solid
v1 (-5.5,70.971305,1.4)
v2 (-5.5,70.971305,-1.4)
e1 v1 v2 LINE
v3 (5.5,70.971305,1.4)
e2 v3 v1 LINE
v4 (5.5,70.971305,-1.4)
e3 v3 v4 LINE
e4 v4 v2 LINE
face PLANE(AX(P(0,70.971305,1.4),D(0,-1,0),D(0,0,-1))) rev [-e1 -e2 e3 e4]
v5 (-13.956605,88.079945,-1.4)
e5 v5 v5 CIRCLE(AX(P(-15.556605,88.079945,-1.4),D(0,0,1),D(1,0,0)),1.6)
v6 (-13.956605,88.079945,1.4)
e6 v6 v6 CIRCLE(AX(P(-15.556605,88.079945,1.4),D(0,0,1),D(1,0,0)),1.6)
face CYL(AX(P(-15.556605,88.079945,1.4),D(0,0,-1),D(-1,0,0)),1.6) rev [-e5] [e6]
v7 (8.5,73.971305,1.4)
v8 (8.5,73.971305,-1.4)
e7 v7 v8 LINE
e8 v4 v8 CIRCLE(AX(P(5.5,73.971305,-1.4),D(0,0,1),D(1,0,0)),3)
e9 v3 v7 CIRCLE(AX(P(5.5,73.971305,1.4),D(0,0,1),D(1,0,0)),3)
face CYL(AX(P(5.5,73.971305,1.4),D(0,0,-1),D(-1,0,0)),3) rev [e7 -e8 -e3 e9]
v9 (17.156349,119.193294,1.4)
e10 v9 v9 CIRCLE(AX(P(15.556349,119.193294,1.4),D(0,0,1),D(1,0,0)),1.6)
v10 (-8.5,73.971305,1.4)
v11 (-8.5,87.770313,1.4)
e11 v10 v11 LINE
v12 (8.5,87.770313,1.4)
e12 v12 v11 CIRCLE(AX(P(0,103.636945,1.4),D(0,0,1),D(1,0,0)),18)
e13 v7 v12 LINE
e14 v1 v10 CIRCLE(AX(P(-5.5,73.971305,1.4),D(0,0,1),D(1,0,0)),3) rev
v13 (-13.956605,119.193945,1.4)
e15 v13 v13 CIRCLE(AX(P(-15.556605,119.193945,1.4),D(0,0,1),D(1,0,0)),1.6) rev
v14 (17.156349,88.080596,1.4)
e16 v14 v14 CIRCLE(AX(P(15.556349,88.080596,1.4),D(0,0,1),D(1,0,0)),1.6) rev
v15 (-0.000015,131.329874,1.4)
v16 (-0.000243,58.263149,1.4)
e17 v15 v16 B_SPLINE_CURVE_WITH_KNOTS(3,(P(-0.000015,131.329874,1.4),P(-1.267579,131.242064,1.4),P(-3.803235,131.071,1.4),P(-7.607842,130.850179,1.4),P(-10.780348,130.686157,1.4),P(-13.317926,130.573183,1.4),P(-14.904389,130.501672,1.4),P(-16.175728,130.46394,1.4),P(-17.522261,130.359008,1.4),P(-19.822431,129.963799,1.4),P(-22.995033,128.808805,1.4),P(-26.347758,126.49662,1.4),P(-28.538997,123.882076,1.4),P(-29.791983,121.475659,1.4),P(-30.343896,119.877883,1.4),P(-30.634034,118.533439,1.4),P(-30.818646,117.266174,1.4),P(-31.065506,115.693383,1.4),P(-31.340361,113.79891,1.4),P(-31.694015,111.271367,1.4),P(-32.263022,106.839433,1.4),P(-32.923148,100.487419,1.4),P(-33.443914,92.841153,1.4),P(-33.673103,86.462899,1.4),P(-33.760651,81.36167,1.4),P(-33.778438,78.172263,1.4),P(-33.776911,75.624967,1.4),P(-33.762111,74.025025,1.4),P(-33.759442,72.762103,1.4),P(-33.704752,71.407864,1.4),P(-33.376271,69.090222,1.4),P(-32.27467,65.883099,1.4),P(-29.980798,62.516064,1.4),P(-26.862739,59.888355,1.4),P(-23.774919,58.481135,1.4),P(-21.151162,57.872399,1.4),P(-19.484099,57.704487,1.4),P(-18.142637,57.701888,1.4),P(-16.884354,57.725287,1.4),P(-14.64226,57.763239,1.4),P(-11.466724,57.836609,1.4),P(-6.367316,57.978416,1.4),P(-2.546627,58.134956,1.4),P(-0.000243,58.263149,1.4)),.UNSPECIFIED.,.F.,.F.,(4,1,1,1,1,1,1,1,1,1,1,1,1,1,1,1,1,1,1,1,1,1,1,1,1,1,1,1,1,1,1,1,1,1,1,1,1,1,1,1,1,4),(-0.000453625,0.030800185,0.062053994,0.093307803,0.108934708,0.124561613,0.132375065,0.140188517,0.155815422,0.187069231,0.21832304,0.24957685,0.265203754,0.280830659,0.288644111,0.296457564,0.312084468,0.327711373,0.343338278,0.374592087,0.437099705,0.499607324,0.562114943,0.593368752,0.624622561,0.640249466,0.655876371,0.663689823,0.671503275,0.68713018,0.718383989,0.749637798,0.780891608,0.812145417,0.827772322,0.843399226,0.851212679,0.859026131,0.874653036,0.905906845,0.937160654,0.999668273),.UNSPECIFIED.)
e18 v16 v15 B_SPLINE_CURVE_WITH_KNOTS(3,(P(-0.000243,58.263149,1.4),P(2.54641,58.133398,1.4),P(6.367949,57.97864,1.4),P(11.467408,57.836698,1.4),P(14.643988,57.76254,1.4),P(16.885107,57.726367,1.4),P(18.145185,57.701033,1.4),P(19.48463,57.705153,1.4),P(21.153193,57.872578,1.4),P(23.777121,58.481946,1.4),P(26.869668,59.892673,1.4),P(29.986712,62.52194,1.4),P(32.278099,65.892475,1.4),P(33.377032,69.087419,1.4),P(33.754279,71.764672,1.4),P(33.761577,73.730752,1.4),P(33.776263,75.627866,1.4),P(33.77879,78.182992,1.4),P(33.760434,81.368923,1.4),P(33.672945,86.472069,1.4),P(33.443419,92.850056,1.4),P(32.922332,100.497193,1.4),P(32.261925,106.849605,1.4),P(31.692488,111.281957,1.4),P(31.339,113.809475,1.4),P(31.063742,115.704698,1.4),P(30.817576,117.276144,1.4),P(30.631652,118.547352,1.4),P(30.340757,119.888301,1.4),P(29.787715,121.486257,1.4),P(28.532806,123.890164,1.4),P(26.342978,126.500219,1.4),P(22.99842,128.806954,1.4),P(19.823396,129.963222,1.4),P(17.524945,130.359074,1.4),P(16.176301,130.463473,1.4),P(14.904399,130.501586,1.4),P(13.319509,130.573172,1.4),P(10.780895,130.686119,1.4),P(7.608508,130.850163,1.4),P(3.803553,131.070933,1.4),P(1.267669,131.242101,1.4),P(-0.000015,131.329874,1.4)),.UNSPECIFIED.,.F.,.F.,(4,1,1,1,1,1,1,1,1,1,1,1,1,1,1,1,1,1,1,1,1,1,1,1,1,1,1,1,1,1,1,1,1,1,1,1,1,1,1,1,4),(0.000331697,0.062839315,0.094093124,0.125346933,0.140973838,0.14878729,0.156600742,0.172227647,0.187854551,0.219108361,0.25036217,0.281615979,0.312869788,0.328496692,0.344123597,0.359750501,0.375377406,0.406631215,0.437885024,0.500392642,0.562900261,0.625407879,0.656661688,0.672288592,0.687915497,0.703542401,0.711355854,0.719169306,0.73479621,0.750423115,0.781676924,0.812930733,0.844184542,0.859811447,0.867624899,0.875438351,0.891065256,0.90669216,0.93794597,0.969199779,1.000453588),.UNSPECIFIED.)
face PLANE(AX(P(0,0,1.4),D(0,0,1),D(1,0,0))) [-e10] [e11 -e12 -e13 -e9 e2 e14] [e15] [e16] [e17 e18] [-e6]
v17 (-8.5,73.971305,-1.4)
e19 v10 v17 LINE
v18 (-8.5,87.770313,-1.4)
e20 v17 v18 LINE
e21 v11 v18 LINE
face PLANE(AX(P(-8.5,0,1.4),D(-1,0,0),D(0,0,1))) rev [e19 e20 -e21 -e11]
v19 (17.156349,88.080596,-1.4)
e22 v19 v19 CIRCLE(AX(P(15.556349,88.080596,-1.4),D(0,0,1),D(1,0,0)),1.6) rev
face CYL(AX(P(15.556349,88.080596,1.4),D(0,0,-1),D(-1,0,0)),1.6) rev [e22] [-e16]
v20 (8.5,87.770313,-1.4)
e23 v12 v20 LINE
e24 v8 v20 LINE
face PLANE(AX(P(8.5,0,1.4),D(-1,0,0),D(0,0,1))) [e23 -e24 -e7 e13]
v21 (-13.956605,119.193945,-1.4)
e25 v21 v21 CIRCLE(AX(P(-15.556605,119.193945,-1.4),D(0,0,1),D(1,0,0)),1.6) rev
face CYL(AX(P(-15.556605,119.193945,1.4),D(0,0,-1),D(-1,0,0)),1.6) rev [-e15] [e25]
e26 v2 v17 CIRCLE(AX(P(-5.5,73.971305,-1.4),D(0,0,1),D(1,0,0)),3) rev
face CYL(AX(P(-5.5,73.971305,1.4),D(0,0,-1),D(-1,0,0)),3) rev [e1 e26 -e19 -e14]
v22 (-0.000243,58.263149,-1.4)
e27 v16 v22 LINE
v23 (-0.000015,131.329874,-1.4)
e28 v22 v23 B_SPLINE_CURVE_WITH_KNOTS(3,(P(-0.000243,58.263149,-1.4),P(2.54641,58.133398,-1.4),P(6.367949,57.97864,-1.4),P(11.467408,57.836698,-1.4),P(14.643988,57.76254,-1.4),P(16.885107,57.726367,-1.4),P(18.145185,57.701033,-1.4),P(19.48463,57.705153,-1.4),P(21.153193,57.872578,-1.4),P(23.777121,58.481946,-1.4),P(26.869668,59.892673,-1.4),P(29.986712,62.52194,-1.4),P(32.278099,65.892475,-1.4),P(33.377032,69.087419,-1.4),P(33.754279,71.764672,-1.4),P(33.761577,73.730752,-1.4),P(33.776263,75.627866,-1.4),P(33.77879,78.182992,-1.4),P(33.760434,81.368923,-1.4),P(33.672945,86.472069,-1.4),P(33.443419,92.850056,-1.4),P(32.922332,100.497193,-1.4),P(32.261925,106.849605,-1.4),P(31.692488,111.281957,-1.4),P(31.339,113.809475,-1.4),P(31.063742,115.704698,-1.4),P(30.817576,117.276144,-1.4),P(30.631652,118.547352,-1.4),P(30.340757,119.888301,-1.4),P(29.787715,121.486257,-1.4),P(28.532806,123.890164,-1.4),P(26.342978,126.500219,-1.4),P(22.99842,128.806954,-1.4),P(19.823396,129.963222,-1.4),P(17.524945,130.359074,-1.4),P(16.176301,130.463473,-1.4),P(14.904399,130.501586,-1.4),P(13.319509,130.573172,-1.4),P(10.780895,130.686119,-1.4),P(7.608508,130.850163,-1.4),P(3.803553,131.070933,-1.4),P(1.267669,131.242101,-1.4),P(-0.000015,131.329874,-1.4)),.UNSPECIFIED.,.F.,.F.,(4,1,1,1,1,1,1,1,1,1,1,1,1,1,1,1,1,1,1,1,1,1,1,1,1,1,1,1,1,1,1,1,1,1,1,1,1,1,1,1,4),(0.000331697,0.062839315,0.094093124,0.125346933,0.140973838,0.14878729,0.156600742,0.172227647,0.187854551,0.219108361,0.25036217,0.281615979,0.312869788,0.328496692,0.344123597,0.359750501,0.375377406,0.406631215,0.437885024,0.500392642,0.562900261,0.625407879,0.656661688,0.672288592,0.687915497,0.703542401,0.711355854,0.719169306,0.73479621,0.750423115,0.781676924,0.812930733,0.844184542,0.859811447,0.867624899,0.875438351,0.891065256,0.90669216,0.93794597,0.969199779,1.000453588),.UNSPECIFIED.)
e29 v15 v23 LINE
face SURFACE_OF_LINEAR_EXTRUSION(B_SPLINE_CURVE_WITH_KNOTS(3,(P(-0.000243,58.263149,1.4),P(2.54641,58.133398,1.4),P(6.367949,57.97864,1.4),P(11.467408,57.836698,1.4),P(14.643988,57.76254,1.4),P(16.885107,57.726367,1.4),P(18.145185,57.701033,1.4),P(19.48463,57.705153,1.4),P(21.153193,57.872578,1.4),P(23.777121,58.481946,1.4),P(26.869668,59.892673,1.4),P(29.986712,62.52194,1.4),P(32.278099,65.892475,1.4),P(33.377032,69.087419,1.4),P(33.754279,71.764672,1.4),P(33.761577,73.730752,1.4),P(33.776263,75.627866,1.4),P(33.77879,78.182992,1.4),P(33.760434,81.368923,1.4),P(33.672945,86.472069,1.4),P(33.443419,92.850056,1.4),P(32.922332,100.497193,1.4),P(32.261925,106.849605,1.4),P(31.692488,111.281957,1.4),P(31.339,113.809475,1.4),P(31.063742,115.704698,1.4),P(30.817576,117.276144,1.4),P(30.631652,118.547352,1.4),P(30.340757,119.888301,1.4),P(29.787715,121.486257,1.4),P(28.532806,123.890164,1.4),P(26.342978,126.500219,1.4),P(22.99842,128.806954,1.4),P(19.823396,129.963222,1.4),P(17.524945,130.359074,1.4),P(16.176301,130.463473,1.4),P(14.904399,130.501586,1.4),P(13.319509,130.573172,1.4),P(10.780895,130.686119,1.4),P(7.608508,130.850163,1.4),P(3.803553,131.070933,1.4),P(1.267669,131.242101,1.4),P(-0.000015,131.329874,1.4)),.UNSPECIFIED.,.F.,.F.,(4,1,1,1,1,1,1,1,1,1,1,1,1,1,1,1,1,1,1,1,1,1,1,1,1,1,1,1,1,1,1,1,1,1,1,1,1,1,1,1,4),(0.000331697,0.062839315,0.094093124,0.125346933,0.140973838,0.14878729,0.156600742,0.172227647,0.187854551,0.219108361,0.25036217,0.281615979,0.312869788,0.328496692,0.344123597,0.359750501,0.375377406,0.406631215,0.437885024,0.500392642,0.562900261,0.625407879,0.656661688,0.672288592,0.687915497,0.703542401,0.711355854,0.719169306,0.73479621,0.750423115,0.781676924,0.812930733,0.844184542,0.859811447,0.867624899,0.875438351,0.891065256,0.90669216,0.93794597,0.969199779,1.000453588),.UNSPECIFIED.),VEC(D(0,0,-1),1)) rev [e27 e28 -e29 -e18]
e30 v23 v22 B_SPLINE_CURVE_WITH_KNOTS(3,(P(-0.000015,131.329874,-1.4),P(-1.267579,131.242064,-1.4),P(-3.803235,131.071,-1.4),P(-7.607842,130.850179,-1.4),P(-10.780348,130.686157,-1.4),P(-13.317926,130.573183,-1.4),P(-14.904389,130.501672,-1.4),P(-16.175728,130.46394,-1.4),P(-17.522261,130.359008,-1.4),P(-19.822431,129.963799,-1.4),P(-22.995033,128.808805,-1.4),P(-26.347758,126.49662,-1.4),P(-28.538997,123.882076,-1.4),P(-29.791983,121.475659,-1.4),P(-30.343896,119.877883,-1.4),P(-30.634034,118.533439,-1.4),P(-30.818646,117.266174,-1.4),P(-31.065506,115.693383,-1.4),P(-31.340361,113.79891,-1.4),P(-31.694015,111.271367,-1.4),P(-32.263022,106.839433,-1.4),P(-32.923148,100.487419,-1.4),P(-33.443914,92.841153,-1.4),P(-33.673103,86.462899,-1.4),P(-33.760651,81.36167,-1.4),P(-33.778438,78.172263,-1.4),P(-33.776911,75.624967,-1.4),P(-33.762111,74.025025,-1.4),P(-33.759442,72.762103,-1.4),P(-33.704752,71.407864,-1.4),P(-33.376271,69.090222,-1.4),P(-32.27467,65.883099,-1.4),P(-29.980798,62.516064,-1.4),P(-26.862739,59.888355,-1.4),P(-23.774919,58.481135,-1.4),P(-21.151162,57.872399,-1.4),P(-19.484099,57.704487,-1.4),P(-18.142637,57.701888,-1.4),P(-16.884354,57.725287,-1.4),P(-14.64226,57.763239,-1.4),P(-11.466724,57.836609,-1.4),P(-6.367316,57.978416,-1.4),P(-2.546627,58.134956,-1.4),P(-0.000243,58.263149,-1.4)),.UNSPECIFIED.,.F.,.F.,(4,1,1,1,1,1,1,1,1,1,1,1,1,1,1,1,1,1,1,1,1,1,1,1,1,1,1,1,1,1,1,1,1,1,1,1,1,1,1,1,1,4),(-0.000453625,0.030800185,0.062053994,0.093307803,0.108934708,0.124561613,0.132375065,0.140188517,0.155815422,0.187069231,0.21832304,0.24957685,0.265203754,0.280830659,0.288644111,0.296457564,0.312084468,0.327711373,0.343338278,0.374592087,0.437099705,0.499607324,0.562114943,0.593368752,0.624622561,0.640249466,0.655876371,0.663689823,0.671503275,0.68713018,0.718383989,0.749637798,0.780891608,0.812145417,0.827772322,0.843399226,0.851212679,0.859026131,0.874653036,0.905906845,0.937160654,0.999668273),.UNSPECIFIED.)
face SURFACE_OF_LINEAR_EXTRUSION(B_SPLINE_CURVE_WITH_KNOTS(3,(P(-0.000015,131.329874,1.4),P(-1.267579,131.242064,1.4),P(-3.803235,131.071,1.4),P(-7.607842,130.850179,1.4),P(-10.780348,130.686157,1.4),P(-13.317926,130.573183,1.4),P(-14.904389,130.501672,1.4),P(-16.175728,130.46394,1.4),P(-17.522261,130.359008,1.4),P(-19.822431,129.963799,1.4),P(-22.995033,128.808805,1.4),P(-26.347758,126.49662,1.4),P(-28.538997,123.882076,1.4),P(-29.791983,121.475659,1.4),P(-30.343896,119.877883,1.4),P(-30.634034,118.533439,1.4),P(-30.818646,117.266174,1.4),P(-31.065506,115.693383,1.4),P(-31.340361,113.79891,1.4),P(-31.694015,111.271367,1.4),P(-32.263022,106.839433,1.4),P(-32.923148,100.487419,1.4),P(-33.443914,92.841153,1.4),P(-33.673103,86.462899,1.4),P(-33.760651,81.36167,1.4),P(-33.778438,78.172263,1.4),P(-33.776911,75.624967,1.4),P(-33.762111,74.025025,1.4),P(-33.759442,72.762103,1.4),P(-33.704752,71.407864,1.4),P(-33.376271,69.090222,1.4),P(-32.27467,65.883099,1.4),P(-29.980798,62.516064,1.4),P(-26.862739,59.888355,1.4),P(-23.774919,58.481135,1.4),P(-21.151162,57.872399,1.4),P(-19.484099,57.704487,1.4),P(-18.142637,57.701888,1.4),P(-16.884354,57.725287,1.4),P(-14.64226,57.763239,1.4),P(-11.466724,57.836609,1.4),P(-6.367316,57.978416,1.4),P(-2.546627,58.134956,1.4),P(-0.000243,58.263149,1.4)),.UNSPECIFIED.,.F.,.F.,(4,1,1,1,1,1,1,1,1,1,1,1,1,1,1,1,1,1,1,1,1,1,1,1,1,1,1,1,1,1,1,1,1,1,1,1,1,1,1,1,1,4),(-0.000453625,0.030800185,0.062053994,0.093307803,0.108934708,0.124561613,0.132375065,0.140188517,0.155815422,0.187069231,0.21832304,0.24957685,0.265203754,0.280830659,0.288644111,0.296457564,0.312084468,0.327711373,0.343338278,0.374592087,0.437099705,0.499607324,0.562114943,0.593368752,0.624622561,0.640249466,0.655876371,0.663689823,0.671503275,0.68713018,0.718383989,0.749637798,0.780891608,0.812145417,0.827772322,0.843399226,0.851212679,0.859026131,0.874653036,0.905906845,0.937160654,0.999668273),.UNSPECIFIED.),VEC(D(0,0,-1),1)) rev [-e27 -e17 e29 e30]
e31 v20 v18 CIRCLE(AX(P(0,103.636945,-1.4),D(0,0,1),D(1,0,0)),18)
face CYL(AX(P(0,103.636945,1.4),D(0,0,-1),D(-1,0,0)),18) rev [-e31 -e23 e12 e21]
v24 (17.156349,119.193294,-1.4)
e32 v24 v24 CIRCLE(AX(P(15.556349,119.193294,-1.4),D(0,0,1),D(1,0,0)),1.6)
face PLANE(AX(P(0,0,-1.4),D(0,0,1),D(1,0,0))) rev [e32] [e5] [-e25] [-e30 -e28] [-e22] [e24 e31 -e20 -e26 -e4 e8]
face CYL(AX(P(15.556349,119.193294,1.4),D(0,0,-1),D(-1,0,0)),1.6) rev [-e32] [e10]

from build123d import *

# Parameters (mm, degrees)
SKETCH_1_R      = 1.6
EXTRUDE_1_DEPTH = 1.4


with BuildPart() as part:
    # Эскиз1 → Бобышка-Вытянуть1 (new, symmetric)
    with BuildSketch(Plane.XY):
        with BuildLine():
            add(Edge.make_bspline(
                [(-1.4518e-05, 131.329874447), (-1.2675789, 131.24206361), (-3.803234632, 131.071000313), (-7.607841607, 130.850178677), (-10.780348303, 130.686157301), (-13.317926497, 130.57318343), (-14.904389447, 130.501671683), (-16.175728377, 130.463940264), (-17.522261276, 130.359007823), (-19.822431484, 129.963798755), (-22.995032999, 128.80880525), (-26.347758133, 126.496619677), (-28.538996839, 123.882075599), (-29.791983056, 121.475659209), (-30.343896353, 119.877882559), (-30.63403442, 118.533439447), (-30.818645771, 117.266173598), (-31.065506467, 115.693383256), (-31.340360963, 113.798909793), (-31.694015499, 111.271367457), (-32.263022369, 106.839432508), (-32.923148473, 100.48741911), (-33.443913942, 92.841153375), (-33.673102835, 86.46289944), (-33.760651088, 81.361670277), (-33.778437773, 78.172262621), (-33.776910965, 75.624966905), (-33.762110975, 74.025025286), (-33.759441619, 72.762103018), (-33.704752274, 71.407863518), (-33.376271412, 69.090221596), (-32.274669819, 65.883099062), (-29.980797778, 62.516063631), (-26.862738782, 59.888354717), (-23.774919099, 58.481134672), (-21.151162291, 57.87239911), (-19.484098936, 57.704487455), (-18.142637171, 57.701888304), (-16.884353961, 57.725286948), (-14.642260059, 57.763239123), (-11.466723608, 57.836609415), (-6.367315938, 57.978415878), (-2.546627078, 58.134956479), (-0.000242534, 58.263149004)],
                knots=[-0.000453625, -0.000453625, -0.000453625, -0.000453625, 0.030800185, 0.062053994, 0.093307803, 0.108934708, 0.124561613, 0.132375065, 0.140188517, 0.155815422, 0.187069231, 0.21832304, 0.24957685, 0.265203754, 0.280830659, 0.288644111, 0.296457564, 0.312084468, 0.327711373, 0.343338278, 0.374592087, 0.437099705, 0.499607324, 0.562114943, 0.593368752, 0.624622561, 0.640249466, 0.655876371, 0.663689823, 0.671503275, 0.68713018, 0.718383989, 0.749637798, 0.780891608, 0.812145417, 0.827772322, 0.843399226, 0.851212679, 0.859026131, 0.874653036, 0.905906845, 0.937160654, 0.999668273, 0.999668273, 0.999668273, 0.999668273], degree=3))
            add(Edge.make_bspline(
                [(-0.000242534, 58.263149004), (2.546410446, 58.133398348), (6.367949075, 57.978640472), (11.46740785, 57.836698075), (14.643987579, 57.762539624), (16.885107326, 57.726366984), (18.145185333, 57.701032579), (19.48463002, 57.705153255), (21.153193314, 57.872577786), (23.777120564, 58.481945578), (26.869668257, 59.892672746), (29.986711756, 62.521939879), (32.278099202, 65.892475088), (33.37703242, 69.08741856), (33.754279242, 71.764671837), (33.761576865, 73.730751918), (33.776263427, 75.627866309), (33.778789625, 78.182992088), (33.760434051, 81.368922861), (33.672944747, 86.472069365), (33.443419366, 92.850056096), (32.922331539, 100.497193063), (32.261924735, 106.849604956), (31.692488477, 111.281956752), (31.339000393, 113.80947484), (31.063741713, 115.704697772), (30.817576456, 117.276143704), (30.631651977, 118.547352175), (30.340756824, 119.888301445), (29.787714698, 121.486256589), (28.532806263, 123.890164463), (26.342977661, 126.500218601), (22.998420382, 128.806954431), (19.823396174, 129.963221763), (17.524944608, 130.359074286), (16.176301063, 130.463473016), (14.904398659, 130.50158566), (13.319508846, 130.573171615), (10.780895349, 130.686119104), (7.608508303, 130.850163366), (3.803552904, 131.070932744), (1.26766937, 131.242101451), (-1.4518e-05, 131.329874447)],
                knots=[0.000331697, 0.000331697, 0.000331697, 0.000331697, 0.062839315, 0.094093124, 0.125346933, 0.140973838, 0.14878729, 0.156600742, 0.172227647, 0.187854551, 0.219108361, 0.25036217, 0.281615979, 0.312869788, 0.328496692, 0.344123597, 0.359750501, 0.375377406, 0.406631215, 0.437885024, 0.500392642, 0.562900261, 0.625407879, 0.656661688, 0.672288592, 0.687915497, 0.703542401, 0.711355854, 0.719169306, 0.73479621, 0.750423115, 0.781676924, 0.812930733, 0.844184542, 0.859811447, 0.867624899, 0.875438351, 0.891065256, 0.90669216, 0.93794597, 0.969199779, 1.000453588, 1.000453588, 1.000453588, 1.000453588], degree=3))
        make_face()
        with Locations((15.556349186, 88.080595835)):
            Circle(SKETCH_1_R, mode=Mode.SUBTRACT)
        with Locations((15.556349186, 119.193294207)):
            Circle(SKETCH_1_R, mode=Mode.SUBTRACT)
        with Locations((-15.55660549, 119.193944659)):
            Circle(SKETCH_1_R, mode=Mode.SUBTRACT)
        with Locations((-15.55660549, 88.079945382)):
            Circle(SKETCH_1_R, mode=Mode.SUBTRACT)
        with BuildLine():
            ThreePointArc((5.5, 70.971304906), (7.621320344, 71.849984563), (8.5, 73.971304906))
            Line((8.5, 73.971304906), (8.5, 87.770313368))
            ThreePointArc((8.5, 87.770313368), (0, 121.636945021), (-8.5, 87.770313368))
            Line((-8.5, 87.770313368), (-8.5, 73.971304906))
            ThreePointArc((-8.5, 73.971304906), (-7.621320344, 71.849984563), (-5.5, 70.971304906))
            Line((-5.5, 70.971304906), (5.5, 70.971304906))
        make_face(mode=Mode.SUBTRACT)
    extrude(amount=EXTRUDE_1_DEPTH, both=True)


solid = part.part
